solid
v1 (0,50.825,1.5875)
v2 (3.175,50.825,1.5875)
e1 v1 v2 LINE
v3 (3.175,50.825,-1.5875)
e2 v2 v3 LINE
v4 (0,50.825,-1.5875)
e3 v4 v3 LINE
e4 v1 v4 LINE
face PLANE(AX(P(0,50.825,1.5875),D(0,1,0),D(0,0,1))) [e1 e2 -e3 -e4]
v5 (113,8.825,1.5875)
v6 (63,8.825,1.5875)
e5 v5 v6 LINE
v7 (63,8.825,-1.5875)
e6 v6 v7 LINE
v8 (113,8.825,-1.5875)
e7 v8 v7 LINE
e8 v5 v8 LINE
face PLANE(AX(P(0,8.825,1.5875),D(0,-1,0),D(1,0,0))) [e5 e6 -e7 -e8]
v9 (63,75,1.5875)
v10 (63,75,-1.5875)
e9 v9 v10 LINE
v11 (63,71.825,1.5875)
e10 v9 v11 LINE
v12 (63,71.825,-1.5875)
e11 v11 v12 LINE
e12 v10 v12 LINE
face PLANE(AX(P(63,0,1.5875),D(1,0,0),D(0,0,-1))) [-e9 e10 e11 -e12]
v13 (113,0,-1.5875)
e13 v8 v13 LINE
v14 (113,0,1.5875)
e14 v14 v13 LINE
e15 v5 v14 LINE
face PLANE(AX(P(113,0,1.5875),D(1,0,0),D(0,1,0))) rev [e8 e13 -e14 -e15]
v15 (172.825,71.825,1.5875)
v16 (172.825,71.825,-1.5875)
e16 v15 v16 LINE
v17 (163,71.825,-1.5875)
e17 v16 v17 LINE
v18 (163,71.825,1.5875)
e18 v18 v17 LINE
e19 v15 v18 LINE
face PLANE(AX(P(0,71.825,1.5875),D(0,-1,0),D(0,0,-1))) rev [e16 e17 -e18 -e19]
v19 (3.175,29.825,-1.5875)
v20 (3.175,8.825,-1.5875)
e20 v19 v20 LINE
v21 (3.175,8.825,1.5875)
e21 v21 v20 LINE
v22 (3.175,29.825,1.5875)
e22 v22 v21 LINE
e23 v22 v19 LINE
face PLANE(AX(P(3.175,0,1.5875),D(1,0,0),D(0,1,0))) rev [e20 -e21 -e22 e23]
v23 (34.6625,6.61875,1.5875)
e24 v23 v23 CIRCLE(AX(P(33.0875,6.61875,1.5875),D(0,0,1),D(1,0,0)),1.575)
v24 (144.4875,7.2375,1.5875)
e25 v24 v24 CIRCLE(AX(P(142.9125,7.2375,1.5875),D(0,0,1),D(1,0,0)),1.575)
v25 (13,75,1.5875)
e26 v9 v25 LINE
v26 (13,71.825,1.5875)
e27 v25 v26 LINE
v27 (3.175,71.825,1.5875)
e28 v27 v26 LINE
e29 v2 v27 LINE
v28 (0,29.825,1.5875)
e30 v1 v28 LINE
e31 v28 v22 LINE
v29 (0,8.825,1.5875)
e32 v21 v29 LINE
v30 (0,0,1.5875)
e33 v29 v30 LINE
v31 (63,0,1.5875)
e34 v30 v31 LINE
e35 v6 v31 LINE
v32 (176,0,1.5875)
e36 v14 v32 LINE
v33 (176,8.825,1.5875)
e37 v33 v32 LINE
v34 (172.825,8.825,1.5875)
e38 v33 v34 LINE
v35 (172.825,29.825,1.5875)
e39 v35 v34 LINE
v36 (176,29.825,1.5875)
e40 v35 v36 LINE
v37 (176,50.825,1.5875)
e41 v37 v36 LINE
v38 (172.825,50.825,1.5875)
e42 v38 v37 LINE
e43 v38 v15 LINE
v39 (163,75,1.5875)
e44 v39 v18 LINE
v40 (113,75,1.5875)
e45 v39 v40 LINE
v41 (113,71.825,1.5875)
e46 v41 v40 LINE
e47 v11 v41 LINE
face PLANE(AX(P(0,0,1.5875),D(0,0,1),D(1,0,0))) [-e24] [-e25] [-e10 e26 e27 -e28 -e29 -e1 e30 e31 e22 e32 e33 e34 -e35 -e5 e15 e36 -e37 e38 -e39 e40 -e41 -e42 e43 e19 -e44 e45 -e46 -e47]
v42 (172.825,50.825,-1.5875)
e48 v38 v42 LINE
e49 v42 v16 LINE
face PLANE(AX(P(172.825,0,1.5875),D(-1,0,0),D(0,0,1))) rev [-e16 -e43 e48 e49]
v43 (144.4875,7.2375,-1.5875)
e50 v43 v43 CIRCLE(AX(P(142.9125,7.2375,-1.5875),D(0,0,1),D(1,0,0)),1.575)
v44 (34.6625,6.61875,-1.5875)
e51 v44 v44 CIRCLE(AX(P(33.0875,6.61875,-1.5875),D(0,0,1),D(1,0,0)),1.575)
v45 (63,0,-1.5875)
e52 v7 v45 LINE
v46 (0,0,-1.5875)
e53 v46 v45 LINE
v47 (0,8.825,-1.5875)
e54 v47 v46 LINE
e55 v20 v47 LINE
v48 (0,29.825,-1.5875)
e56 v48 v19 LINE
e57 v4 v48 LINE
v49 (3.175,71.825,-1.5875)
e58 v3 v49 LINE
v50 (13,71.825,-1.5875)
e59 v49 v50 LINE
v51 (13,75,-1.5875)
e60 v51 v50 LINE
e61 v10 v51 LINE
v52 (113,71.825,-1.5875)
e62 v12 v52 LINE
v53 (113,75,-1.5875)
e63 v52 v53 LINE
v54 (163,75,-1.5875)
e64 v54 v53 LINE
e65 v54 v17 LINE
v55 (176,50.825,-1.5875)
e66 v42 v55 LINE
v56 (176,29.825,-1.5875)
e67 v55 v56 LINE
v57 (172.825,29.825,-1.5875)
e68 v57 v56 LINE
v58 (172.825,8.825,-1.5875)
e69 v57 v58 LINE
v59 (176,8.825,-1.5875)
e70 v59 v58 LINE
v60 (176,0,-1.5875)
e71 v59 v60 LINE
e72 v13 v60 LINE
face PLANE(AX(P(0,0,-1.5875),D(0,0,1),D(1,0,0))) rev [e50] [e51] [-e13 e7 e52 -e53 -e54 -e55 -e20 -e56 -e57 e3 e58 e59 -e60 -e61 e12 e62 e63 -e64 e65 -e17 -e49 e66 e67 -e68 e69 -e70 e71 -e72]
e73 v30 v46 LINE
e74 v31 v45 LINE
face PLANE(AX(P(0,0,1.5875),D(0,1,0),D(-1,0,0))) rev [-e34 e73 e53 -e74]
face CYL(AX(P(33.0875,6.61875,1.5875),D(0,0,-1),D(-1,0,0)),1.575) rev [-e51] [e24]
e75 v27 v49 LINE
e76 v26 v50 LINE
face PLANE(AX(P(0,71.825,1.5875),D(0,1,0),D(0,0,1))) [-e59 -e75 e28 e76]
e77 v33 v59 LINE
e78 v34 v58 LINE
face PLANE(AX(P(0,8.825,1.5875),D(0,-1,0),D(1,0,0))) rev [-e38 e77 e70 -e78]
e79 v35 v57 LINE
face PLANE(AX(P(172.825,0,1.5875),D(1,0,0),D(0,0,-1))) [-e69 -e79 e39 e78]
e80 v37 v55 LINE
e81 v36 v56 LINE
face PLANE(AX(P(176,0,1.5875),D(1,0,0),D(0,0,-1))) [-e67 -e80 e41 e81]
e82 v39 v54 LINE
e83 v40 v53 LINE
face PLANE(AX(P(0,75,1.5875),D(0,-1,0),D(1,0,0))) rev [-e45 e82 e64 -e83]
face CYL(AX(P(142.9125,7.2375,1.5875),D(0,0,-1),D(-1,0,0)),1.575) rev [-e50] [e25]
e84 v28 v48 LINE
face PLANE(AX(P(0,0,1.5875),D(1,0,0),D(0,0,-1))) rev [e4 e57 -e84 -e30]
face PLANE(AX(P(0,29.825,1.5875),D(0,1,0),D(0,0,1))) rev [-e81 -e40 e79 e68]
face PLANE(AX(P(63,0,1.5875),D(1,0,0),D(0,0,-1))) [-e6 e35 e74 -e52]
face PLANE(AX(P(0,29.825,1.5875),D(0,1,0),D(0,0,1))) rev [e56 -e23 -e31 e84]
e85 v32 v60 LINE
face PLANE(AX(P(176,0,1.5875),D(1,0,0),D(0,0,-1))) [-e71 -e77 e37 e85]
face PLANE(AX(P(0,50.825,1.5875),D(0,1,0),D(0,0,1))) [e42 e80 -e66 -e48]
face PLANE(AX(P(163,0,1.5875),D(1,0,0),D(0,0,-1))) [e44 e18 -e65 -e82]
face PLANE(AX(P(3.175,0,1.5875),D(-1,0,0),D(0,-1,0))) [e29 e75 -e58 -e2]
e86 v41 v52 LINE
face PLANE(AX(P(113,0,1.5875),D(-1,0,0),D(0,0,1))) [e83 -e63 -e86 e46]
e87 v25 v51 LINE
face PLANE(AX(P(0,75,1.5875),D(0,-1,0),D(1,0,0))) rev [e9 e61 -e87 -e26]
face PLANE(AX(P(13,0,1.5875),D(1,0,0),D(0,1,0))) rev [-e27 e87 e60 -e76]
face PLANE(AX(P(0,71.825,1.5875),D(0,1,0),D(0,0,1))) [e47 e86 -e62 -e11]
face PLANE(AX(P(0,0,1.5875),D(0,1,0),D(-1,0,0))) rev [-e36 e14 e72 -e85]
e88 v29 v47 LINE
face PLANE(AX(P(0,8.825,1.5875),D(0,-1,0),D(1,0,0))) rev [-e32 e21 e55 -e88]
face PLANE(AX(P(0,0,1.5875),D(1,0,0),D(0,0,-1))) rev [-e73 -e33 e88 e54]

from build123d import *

# Parameters (mm, degrees)
SKETCH1_R           = 1.575
BOSS_EXTRUDE1_DEPTH = 1.5875


with BuildPart() as part:
    # Sketch1 → Boss-Extrude1 (new body, symmetric)
    with BuildSketch(Plane.XY):
        Polygon((163, 71.825), (163, 75), (113, 75), (113, 71.825), (63, 71.825), (63, 75), (13, 75), (13, 71.825), (3.175, 71.825), (3.175, 50.825), (0, 50.825), (0, 29.825), (3.175, 29.825), (3.175, 8.825), (0, 8.825), (0, 0), (63, 0), (63, 8.825), (113, 8.825), (113, 0), (176, 0), (176, 8.825), (172.825, 8.825), (172.825, 29.825), (176, 29.825), (176, 50.825), (172.825, 50.825), (172.825, 71.825), align=None)
        with Locations((33.0875, 6.61875)):
            Circle(SKETCH1_R, mode=Mode.SUBTRACT)
        with Locations((142.9125, 7.2375)):
            Circle(SKETCH1_R, mode=Mode.SUBTRACT)
    extrude(amount=BOSS_EXTRUDE1_DEPTH, both=True)


solid = part.part
